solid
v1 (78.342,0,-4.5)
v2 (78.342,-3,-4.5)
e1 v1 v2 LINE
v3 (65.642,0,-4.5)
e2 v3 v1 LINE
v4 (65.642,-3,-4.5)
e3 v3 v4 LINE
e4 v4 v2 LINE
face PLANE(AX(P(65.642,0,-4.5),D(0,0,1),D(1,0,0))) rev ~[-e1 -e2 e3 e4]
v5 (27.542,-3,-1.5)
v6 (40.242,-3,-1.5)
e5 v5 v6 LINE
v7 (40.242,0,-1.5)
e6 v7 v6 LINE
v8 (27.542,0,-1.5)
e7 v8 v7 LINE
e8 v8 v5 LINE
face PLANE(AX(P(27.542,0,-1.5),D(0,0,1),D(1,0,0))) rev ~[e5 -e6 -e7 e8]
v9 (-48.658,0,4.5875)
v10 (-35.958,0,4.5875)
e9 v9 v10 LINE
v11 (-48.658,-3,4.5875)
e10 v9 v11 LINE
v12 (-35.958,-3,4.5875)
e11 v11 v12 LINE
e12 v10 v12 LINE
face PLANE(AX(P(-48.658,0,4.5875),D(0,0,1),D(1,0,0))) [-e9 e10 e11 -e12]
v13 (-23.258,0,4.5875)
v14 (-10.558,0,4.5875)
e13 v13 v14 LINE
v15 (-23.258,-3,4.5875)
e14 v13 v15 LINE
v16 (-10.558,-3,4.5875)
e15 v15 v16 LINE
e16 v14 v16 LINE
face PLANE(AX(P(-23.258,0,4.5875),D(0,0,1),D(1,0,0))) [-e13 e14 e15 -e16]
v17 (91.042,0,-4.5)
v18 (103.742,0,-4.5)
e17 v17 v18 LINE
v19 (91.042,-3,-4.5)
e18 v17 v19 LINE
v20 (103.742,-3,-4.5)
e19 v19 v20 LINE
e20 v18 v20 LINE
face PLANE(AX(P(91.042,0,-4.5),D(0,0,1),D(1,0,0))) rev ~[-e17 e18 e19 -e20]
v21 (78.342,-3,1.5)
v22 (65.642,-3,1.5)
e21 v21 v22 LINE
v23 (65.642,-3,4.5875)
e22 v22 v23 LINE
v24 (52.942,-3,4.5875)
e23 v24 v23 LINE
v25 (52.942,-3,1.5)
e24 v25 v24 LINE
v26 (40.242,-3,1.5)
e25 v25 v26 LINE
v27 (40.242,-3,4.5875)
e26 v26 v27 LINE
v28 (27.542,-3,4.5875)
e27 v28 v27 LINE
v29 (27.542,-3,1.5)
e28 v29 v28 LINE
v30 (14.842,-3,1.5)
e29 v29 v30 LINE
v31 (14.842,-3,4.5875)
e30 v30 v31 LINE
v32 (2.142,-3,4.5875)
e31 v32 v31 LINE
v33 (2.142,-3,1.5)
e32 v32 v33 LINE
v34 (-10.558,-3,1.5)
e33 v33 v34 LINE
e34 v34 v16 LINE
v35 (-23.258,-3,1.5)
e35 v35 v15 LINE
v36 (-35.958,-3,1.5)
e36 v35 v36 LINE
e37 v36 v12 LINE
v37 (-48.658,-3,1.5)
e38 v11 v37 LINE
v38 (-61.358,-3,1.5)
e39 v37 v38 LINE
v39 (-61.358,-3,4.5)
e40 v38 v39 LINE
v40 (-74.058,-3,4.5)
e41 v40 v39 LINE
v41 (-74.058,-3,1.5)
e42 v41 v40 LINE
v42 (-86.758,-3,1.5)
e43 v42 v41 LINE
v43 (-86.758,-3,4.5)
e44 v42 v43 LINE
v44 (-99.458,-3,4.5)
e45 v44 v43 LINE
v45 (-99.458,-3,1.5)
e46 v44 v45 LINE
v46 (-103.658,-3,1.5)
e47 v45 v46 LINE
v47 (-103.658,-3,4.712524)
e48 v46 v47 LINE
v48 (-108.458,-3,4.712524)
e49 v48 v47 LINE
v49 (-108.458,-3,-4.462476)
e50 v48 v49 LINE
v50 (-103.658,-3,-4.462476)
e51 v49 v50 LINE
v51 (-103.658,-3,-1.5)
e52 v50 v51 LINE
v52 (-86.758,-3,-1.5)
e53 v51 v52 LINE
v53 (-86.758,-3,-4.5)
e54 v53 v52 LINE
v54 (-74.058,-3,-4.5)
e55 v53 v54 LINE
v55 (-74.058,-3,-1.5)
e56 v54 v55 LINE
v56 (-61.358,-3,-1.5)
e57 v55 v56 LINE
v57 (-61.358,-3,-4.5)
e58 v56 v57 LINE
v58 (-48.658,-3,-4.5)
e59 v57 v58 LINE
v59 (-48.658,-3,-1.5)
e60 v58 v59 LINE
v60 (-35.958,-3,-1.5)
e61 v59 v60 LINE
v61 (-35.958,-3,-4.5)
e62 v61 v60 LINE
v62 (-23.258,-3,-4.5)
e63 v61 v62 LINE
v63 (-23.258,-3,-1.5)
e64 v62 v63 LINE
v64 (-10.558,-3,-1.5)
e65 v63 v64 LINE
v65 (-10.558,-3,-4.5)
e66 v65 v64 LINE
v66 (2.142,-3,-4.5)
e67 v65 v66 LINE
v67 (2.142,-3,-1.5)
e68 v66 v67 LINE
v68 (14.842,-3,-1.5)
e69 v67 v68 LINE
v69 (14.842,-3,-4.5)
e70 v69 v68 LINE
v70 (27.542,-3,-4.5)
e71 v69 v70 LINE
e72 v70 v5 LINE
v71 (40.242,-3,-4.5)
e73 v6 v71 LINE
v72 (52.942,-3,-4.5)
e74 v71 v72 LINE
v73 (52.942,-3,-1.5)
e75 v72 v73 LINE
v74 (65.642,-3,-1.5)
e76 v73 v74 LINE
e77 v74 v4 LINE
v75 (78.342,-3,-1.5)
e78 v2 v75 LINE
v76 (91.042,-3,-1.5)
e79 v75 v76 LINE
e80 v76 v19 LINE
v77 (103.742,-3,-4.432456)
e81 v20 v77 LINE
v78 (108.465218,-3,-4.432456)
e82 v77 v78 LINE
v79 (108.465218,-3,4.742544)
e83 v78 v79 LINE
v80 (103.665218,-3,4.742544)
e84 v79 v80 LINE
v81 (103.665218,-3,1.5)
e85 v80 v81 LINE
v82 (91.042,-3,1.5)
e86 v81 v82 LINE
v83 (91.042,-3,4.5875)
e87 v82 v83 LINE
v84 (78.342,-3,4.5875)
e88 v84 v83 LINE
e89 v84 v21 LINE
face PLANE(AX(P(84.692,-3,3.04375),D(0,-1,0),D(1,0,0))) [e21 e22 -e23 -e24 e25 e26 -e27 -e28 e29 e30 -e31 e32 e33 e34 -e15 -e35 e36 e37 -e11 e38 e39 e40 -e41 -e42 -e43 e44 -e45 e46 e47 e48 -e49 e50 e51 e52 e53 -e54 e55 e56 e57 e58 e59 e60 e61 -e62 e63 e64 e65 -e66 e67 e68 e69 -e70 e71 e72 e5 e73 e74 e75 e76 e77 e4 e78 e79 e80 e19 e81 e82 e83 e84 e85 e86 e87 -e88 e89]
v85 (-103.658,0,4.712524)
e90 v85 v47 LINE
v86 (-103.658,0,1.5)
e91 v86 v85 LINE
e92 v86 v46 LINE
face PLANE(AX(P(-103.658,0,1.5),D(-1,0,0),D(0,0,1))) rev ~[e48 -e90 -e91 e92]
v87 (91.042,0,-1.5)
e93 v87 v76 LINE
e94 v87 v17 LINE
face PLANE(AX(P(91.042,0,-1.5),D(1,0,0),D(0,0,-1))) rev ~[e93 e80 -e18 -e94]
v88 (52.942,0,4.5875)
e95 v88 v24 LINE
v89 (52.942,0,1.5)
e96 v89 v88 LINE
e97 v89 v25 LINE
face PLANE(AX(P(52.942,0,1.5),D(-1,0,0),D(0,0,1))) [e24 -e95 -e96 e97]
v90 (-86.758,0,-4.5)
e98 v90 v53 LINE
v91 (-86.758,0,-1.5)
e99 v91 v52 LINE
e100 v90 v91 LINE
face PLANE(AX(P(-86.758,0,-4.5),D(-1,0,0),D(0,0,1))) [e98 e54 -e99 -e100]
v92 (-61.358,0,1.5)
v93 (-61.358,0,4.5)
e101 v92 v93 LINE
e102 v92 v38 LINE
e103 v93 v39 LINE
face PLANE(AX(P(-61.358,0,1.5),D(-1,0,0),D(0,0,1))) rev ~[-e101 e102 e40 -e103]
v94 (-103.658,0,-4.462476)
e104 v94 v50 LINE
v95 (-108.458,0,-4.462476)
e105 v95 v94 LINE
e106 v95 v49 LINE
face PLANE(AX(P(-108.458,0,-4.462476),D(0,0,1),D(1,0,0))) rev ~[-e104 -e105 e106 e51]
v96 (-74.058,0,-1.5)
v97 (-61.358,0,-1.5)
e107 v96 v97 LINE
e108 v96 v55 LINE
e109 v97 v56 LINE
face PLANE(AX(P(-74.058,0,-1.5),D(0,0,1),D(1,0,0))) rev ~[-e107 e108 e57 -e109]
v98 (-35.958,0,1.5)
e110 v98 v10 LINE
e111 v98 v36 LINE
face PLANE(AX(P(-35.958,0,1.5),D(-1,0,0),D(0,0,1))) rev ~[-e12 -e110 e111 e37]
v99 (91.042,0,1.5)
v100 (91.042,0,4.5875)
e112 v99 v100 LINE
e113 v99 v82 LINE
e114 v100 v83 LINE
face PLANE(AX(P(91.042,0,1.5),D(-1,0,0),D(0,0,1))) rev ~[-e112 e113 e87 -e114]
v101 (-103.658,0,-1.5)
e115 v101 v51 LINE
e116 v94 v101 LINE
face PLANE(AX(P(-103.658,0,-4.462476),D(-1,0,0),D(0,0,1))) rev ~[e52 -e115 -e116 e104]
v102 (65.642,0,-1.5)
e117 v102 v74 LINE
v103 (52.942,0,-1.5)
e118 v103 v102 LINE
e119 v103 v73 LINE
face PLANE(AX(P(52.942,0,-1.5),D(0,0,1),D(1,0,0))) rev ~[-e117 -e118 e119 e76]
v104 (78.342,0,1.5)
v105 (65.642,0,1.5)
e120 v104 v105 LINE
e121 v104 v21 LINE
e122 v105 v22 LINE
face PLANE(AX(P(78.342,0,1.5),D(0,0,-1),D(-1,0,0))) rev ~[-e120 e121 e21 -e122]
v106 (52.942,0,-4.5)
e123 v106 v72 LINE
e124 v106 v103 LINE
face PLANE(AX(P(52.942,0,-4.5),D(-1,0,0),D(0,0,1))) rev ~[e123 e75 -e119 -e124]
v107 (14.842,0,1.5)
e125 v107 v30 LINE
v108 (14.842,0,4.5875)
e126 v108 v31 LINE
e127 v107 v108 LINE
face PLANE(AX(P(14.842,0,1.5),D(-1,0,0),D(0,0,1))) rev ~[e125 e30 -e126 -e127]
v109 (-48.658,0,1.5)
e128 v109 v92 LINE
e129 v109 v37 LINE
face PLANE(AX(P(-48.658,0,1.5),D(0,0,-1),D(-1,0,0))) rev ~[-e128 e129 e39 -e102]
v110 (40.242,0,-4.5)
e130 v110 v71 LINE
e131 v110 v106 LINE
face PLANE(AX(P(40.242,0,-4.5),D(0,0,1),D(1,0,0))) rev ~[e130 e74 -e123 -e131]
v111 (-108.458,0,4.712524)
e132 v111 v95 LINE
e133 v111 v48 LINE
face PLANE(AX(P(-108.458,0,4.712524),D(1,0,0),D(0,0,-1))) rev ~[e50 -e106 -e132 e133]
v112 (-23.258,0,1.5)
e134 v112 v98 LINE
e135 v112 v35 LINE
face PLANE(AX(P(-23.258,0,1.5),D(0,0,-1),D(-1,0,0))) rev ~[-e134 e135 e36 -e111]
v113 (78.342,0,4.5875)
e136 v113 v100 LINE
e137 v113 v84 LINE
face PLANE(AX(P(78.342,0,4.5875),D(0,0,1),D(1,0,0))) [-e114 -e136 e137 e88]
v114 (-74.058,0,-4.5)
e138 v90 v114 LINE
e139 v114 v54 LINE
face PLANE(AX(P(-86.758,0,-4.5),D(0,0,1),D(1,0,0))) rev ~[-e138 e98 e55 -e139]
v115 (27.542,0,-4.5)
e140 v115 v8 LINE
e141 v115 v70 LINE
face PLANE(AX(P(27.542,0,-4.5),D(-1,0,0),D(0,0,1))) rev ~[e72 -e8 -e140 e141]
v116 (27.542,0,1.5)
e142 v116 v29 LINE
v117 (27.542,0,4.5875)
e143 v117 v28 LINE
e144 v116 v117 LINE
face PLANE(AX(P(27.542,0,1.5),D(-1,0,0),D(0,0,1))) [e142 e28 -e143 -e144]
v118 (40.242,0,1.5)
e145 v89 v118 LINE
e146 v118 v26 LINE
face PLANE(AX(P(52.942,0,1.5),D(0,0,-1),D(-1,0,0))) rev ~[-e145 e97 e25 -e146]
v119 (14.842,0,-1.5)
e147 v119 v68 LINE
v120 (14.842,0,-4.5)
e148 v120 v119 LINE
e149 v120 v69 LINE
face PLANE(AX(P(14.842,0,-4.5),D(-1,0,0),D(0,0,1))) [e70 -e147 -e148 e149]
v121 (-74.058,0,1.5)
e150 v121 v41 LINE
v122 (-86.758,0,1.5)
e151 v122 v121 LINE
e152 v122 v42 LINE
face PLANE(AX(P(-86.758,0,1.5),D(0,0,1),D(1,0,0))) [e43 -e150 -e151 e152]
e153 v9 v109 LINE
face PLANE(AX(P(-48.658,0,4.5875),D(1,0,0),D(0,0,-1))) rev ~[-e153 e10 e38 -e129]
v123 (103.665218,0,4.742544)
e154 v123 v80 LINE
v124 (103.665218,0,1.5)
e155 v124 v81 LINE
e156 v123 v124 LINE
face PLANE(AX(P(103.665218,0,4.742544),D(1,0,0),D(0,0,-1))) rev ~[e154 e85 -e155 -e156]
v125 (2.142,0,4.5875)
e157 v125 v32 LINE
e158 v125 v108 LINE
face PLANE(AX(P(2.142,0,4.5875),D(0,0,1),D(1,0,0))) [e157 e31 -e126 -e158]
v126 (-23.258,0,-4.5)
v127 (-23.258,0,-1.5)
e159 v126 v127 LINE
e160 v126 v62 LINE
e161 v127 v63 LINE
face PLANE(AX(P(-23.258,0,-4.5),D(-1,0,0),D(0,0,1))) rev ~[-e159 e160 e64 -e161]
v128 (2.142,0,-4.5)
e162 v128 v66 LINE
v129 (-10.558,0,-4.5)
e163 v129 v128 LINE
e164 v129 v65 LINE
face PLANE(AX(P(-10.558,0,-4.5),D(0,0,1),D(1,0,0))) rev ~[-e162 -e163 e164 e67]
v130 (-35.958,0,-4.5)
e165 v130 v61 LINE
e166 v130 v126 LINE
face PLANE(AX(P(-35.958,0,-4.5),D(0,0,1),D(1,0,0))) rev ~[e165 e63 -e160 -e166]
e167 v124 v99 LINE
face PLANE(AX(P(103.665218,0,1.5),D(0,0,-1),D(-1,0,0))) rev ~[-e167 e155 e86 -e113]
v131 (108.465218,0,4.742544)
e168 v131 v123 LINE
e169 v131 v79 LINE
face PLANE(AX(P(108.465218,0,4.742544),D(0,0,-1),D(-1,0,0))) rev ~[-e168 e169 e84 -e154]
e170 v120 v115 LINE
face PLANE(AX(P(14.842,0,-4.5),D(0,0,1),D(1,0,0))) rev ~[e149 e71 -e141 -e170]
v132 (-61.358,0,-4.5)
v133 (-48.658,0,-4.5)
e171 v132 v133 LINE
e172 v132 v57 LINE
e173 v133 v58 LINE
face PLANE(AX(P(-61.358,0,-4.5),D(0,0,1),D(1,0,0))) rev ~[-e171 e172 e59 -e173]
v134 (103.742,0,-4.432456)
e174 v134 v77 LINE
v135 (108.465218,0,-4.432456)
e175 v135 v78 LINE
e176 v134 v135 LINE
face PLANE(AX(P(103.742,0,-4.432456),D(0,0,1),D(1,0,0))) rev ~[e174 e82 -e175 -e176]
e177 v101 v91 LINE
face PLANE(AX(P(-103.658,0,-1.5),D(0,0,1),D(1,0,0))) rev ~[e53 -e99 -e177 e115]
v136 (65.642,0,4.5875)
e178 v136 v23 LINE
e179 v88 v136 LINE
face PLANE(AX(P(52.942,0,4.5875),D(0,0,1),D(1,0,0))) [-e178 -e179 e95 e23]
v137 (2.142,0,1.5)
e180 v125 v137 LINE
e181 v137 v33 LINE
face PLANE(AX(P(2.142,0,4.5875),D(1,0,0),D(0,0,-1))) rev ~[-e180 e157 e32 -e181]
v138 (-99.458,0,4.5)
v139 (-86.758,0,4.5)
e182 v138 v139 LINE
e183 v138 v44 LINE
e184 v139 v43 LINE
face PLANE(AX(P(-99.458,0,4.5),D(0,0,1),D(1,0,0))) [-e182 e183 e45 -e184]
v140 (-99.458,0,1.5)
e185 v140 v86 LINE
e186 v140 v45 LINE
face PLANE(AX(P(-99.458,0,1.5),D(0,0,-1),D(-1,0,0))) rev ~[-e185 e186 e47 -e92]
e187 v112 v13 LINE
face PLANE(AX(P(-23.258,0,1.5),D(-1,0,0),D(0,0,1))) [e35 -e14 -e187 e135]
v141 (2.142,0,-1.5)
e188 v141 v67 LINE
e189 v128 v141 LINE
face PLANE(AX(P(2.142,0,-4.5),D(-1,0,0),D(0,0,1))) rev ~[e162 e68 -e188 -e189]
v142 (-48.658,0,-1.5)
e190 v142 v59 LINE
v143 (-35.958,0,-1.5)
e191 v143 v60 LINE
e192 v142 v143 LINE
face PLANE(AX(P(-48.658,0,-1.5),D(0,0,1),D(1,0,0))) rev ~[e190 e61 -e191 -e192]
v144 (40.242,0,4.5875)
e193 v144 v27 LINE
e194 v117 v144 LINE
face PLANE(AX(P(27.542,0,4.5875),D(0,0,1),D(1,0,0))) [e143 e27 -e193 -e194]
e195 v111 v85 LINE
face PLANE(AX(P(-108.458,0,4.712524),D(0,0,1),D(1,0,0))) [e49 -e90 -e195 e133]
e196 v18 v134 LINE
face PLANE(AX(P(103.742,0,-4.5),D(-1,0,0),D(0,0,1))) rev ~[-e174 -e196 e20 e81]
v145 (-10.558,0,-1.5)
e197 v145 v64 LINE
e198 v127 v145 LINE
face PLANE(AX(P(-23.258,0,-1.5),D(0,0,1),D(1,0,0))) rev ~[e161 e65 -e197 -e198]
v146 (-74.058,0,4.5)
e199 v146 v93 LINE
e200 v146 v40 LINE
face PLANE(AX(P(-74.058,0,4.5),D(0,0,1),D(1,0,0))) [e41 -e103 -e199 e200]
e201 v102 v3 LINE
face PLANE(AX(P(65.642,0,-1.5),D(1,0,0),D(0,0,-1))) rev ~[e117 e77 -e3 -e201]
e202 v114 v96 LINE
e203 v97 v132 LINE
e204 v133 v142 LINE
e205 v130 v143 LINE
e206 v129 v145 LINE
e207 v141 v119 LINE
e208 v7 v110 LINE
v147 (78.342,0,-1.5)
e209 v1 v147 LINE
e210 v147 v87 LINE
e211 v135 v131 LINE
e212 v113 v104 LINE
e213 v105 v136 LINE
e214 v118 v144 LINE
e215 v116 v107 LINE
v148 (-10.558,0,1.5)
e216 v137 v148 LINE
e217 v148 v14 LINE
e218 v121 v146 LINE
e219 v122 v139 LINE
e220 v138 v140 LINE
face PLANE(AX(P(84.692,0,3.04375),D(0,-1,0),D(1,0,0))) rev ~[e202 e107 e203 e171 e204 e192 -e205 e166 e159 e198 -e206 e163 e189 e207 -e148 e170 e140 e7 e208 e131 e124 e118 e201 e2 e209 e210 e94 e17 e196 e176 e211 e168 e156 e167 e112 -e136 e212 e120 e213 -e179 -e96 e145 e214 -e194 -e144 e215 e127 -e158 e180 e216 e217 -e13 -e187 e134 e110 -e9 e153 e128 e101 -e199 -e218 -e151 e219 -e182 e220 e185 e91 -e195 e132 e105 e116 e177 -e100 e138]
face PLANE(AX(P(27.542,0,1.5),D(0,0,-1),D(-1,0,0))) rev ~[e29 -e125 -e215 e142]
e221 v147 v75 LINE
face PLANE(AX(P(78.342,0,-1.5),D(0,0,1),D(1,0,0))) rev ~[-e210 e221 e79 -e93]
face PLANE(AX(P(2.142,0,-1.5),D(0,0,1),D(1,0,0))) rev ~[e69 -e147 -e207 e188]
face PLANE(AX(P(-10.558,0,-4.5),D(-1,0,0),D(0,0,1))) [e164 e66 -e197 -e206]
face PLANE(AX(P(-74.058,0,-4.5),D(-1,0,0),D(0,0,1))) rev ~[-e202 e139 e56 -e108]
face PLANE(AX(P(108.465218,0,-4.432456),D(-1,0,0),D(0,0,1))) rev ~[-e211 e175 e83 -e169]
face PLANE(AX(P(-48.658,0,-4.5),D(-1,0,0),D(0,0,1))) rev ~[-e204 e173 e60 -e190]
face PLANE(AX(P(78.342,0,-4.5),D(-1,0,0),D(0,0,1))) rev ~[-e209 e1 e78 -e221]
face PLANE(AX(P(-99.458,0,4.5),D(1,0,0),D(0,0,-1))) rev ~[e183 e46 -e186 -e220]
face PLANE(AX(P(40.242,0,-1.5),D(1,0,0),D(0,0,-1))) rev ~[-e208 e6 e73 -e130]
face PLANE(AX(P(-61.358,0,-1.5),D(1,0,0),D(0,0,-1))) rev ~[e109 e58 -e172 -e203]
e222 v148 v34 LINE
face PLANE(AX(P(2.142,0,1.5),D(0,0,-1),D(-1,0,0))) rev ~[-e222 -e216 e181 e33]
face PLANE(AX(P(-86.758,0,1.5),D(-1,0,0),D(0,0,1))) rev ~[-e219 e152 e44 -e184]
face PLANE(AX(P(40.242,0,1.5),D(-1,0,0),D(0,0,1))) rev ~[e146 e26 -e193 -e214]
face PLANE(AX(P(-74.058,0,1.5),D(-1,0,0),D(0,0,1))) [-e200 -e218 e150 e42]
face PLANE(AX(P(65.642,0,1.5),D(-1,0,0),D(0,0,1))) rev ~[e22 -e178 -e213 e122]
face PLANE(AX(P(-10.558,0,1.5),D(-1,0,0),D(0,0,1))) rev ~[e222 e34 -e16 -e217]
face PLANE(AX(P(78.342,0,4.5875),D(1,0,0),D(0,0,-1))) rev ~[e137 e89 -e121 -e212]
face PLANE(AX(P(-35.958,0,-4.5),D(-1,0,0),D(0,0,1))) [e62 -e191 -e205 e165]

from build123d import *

# Parameters (mm, degrees)
F0_W     = 12.7
F0_H     = 3.0875
F0_H_2   = 3
F0_H_3   = 2.9125
F0_H_4   = 0.0875
F0_W_2   = 4.8
F0_H_5   = 2.9624759726
F0_W_3   = 4.2
F0_H_6   = 3.2125240274
F0_W_4   = 4.716
F0_W_5   = 0.0767822428
F0_H_7   = 2.9324562186
F1_DEPTH = 3


with BuildPart() as f1:
    # F0 (on Front) → F1 (new body)
    with BuildSketch(Plane.XZ):
        with Locations((84.692, 3.04375)):
            Rectangle(F0_W, F0_H)
        with Locations((33.892, 3.04375)):
            Rectangle(F0_W, F0_H)
        with Locations((-16.908, 3.04375)):
            Rectangle(F0_W, F0_H)
        with Locations((-42.308, 3.04375)):
            Rectangle(F0_W, F0_H)
        with Locations((-67.708, 3)):
            Rectangle(F0_W, F0_H_2)
        with Locations((59.292, 3.04375)):
            Rectangle(F0_W, F0_H)
        with Locations((-93.108, 0)):
            Rectangle(F0_W, F0_H_2)
        with Locations((-93.108, 3)):
            Rectangle(F0_W, F0_H_2)
        with Locations((84.692, 0.04375)):
            Rectangle(F0_W, F0_H_3)
        with Locations((-55.008, -3)):
            Rectangle(F0_W, F0_H_2)
        with Locations((-42.308, -1.45625)):
            Rectangle(F0_W, F0_H_4)
        with Locations((-80.408, 0)):
            Rectangle(F0_W, F0_H_2)
        with Locations((46.592, -3)):
            Rectangle(F0_W, F0_H_2)
        with Locations((-80.408, -3)):
            Rectangle(F0_W, F0_H_2)
        Polygon((52.942, 1.5), (40.242, 1.5), (40.242, -1.4125), (40.242, -1.5), (52.942, -1.5), (52.942, -1.4125), align=None)
        with Locations((-42.308, 0.04375)):
            Rectangle(F0_W, F0_H_3)
        with Locations((59.292, 0.04375)):
            Rectangle(F0_W, F0_H_3)
        with Locations((-16.908, -1.45625)):
            Rectangle(F0_W, F0_H_4)
        Polygon((-48.658, 1.5), (-61.358, 1.5), (-61.358, -1.5), (-48.658, -1.5), (-48.658, -1.4125), align=None)
        Polygon((78.342, 1.5), (65.642, 1.5), (65.642, -1.4125), (65.642, -1.5), (78.342, -1.5), (78.342, -1.4125), align=None)
        Polygon((103.6652177572, 1.5), (91.042, 1.5), (91.042, -1.4125), (91.042, -1.5), (103.6652177572, -1.5), align=None)
        with Locations((71.992, -3)):
            Rectangle(F0_W, F0_H_2)
        Polygon((103.6652177572, -1.5), (91.042, -1.5), (91.042, -4.5), (103.742, -4.5), (103.742, -4.4324562186), (103.6652177572, -4.4324562186), align=None)
        with Locations((21.192, -3)):
            Rectangle(F0_W, F0_H_2)
        with Locations((8.492, -1.45625)):
            Rectangle(F0_W, F0_H_4)
        with Locations((84.692, -1.45625)):
            Rectangle(F0_W, F0_H_4)
        Polygon((27.542, 1.5), (14.842, 1.5), (14.842, -1.4125), (14.842, -1.5), (27.542, -1.5), (27.542, -1.4125), align=None)
        with Locations((33.892, 0.04375)):
            Rectangle(F0_W, F0_H_3)
        with Locations((8.492, 0.04375)):
            Rectangle(F0_W, F0_H_3)
        Polygon((-23.258, 1.5), (-35.958, 1.5), (-35.958, -1.4125), (-35.958, -1.5), (-23.258, -1.5), (-23.258, -1.4125), align=None)
        with Locations((59.292, -1.45625)):
            Rectangle(F0_W, F0_H_4)
        with Locations((-29.608, -3)):
            Rectangle(F0_W, F0_H_2)
        with Locations((8.492, 3.04375)):
            Rectangle(F0_W, F0_H)
        with Locations((-16.908, 0.04375)):
            Rectangle(F0_W, F0_H_3)
        with Locations((-67.708, 0)):
            Rectangle(F0_W, F0_H_2)
        with Locations((33.892, -1.45625)):
            Rectangle(F0_W, F0_H_4)
        with Locations((-106.058, 0)):
            Rectangle(F0_W_2, F0_H_2)
        with Locations((-106.058, -2.9812379863)):
            Rectangle(F0_W_2, F0_H_5)
        with Locations((-4.208, -3)):
            Rectangle(F0_W, F0_H_2)
        with Locations((-101.558, 0)):
            Rectangle(F0_W_3, F0_H_2)
        Polygon((2.142, 1.5), (-10.558, 1.5), (-10.558, -1.4125), (-10.558, -1.5), (2.142, -1.5), (2.142, -1.4125), align=None)
        with Locations((-106.058, 3.1062620137)):
            Rectangle(F0_W_2, F0_H_6)
        Polygon((103.6652177572, 4.7425437814), (103.6652177572, 1.5), (103.742, 1.5), (108.458, 1.5), (108.458, -1.5), (103.742, -1.5), (103.742, -4.4324562186), (108.4652177572, -4.4324562186), (108.4652177572, 4.7425437814), align=None)
        with Locations((106.1, 0)):
            Rectangle(F0_W_4, F0_H_2)
        with Locations((103.7036088786, 0)):
            Rectangle(F0_W_5, F0_H_2)
        with Locations((103.7036088786, -2.9662281093)):
            Rectangle(F0_W_5, F0_H_7)
    extrude(amount=F1_DEPTH)


solid = f1.part
